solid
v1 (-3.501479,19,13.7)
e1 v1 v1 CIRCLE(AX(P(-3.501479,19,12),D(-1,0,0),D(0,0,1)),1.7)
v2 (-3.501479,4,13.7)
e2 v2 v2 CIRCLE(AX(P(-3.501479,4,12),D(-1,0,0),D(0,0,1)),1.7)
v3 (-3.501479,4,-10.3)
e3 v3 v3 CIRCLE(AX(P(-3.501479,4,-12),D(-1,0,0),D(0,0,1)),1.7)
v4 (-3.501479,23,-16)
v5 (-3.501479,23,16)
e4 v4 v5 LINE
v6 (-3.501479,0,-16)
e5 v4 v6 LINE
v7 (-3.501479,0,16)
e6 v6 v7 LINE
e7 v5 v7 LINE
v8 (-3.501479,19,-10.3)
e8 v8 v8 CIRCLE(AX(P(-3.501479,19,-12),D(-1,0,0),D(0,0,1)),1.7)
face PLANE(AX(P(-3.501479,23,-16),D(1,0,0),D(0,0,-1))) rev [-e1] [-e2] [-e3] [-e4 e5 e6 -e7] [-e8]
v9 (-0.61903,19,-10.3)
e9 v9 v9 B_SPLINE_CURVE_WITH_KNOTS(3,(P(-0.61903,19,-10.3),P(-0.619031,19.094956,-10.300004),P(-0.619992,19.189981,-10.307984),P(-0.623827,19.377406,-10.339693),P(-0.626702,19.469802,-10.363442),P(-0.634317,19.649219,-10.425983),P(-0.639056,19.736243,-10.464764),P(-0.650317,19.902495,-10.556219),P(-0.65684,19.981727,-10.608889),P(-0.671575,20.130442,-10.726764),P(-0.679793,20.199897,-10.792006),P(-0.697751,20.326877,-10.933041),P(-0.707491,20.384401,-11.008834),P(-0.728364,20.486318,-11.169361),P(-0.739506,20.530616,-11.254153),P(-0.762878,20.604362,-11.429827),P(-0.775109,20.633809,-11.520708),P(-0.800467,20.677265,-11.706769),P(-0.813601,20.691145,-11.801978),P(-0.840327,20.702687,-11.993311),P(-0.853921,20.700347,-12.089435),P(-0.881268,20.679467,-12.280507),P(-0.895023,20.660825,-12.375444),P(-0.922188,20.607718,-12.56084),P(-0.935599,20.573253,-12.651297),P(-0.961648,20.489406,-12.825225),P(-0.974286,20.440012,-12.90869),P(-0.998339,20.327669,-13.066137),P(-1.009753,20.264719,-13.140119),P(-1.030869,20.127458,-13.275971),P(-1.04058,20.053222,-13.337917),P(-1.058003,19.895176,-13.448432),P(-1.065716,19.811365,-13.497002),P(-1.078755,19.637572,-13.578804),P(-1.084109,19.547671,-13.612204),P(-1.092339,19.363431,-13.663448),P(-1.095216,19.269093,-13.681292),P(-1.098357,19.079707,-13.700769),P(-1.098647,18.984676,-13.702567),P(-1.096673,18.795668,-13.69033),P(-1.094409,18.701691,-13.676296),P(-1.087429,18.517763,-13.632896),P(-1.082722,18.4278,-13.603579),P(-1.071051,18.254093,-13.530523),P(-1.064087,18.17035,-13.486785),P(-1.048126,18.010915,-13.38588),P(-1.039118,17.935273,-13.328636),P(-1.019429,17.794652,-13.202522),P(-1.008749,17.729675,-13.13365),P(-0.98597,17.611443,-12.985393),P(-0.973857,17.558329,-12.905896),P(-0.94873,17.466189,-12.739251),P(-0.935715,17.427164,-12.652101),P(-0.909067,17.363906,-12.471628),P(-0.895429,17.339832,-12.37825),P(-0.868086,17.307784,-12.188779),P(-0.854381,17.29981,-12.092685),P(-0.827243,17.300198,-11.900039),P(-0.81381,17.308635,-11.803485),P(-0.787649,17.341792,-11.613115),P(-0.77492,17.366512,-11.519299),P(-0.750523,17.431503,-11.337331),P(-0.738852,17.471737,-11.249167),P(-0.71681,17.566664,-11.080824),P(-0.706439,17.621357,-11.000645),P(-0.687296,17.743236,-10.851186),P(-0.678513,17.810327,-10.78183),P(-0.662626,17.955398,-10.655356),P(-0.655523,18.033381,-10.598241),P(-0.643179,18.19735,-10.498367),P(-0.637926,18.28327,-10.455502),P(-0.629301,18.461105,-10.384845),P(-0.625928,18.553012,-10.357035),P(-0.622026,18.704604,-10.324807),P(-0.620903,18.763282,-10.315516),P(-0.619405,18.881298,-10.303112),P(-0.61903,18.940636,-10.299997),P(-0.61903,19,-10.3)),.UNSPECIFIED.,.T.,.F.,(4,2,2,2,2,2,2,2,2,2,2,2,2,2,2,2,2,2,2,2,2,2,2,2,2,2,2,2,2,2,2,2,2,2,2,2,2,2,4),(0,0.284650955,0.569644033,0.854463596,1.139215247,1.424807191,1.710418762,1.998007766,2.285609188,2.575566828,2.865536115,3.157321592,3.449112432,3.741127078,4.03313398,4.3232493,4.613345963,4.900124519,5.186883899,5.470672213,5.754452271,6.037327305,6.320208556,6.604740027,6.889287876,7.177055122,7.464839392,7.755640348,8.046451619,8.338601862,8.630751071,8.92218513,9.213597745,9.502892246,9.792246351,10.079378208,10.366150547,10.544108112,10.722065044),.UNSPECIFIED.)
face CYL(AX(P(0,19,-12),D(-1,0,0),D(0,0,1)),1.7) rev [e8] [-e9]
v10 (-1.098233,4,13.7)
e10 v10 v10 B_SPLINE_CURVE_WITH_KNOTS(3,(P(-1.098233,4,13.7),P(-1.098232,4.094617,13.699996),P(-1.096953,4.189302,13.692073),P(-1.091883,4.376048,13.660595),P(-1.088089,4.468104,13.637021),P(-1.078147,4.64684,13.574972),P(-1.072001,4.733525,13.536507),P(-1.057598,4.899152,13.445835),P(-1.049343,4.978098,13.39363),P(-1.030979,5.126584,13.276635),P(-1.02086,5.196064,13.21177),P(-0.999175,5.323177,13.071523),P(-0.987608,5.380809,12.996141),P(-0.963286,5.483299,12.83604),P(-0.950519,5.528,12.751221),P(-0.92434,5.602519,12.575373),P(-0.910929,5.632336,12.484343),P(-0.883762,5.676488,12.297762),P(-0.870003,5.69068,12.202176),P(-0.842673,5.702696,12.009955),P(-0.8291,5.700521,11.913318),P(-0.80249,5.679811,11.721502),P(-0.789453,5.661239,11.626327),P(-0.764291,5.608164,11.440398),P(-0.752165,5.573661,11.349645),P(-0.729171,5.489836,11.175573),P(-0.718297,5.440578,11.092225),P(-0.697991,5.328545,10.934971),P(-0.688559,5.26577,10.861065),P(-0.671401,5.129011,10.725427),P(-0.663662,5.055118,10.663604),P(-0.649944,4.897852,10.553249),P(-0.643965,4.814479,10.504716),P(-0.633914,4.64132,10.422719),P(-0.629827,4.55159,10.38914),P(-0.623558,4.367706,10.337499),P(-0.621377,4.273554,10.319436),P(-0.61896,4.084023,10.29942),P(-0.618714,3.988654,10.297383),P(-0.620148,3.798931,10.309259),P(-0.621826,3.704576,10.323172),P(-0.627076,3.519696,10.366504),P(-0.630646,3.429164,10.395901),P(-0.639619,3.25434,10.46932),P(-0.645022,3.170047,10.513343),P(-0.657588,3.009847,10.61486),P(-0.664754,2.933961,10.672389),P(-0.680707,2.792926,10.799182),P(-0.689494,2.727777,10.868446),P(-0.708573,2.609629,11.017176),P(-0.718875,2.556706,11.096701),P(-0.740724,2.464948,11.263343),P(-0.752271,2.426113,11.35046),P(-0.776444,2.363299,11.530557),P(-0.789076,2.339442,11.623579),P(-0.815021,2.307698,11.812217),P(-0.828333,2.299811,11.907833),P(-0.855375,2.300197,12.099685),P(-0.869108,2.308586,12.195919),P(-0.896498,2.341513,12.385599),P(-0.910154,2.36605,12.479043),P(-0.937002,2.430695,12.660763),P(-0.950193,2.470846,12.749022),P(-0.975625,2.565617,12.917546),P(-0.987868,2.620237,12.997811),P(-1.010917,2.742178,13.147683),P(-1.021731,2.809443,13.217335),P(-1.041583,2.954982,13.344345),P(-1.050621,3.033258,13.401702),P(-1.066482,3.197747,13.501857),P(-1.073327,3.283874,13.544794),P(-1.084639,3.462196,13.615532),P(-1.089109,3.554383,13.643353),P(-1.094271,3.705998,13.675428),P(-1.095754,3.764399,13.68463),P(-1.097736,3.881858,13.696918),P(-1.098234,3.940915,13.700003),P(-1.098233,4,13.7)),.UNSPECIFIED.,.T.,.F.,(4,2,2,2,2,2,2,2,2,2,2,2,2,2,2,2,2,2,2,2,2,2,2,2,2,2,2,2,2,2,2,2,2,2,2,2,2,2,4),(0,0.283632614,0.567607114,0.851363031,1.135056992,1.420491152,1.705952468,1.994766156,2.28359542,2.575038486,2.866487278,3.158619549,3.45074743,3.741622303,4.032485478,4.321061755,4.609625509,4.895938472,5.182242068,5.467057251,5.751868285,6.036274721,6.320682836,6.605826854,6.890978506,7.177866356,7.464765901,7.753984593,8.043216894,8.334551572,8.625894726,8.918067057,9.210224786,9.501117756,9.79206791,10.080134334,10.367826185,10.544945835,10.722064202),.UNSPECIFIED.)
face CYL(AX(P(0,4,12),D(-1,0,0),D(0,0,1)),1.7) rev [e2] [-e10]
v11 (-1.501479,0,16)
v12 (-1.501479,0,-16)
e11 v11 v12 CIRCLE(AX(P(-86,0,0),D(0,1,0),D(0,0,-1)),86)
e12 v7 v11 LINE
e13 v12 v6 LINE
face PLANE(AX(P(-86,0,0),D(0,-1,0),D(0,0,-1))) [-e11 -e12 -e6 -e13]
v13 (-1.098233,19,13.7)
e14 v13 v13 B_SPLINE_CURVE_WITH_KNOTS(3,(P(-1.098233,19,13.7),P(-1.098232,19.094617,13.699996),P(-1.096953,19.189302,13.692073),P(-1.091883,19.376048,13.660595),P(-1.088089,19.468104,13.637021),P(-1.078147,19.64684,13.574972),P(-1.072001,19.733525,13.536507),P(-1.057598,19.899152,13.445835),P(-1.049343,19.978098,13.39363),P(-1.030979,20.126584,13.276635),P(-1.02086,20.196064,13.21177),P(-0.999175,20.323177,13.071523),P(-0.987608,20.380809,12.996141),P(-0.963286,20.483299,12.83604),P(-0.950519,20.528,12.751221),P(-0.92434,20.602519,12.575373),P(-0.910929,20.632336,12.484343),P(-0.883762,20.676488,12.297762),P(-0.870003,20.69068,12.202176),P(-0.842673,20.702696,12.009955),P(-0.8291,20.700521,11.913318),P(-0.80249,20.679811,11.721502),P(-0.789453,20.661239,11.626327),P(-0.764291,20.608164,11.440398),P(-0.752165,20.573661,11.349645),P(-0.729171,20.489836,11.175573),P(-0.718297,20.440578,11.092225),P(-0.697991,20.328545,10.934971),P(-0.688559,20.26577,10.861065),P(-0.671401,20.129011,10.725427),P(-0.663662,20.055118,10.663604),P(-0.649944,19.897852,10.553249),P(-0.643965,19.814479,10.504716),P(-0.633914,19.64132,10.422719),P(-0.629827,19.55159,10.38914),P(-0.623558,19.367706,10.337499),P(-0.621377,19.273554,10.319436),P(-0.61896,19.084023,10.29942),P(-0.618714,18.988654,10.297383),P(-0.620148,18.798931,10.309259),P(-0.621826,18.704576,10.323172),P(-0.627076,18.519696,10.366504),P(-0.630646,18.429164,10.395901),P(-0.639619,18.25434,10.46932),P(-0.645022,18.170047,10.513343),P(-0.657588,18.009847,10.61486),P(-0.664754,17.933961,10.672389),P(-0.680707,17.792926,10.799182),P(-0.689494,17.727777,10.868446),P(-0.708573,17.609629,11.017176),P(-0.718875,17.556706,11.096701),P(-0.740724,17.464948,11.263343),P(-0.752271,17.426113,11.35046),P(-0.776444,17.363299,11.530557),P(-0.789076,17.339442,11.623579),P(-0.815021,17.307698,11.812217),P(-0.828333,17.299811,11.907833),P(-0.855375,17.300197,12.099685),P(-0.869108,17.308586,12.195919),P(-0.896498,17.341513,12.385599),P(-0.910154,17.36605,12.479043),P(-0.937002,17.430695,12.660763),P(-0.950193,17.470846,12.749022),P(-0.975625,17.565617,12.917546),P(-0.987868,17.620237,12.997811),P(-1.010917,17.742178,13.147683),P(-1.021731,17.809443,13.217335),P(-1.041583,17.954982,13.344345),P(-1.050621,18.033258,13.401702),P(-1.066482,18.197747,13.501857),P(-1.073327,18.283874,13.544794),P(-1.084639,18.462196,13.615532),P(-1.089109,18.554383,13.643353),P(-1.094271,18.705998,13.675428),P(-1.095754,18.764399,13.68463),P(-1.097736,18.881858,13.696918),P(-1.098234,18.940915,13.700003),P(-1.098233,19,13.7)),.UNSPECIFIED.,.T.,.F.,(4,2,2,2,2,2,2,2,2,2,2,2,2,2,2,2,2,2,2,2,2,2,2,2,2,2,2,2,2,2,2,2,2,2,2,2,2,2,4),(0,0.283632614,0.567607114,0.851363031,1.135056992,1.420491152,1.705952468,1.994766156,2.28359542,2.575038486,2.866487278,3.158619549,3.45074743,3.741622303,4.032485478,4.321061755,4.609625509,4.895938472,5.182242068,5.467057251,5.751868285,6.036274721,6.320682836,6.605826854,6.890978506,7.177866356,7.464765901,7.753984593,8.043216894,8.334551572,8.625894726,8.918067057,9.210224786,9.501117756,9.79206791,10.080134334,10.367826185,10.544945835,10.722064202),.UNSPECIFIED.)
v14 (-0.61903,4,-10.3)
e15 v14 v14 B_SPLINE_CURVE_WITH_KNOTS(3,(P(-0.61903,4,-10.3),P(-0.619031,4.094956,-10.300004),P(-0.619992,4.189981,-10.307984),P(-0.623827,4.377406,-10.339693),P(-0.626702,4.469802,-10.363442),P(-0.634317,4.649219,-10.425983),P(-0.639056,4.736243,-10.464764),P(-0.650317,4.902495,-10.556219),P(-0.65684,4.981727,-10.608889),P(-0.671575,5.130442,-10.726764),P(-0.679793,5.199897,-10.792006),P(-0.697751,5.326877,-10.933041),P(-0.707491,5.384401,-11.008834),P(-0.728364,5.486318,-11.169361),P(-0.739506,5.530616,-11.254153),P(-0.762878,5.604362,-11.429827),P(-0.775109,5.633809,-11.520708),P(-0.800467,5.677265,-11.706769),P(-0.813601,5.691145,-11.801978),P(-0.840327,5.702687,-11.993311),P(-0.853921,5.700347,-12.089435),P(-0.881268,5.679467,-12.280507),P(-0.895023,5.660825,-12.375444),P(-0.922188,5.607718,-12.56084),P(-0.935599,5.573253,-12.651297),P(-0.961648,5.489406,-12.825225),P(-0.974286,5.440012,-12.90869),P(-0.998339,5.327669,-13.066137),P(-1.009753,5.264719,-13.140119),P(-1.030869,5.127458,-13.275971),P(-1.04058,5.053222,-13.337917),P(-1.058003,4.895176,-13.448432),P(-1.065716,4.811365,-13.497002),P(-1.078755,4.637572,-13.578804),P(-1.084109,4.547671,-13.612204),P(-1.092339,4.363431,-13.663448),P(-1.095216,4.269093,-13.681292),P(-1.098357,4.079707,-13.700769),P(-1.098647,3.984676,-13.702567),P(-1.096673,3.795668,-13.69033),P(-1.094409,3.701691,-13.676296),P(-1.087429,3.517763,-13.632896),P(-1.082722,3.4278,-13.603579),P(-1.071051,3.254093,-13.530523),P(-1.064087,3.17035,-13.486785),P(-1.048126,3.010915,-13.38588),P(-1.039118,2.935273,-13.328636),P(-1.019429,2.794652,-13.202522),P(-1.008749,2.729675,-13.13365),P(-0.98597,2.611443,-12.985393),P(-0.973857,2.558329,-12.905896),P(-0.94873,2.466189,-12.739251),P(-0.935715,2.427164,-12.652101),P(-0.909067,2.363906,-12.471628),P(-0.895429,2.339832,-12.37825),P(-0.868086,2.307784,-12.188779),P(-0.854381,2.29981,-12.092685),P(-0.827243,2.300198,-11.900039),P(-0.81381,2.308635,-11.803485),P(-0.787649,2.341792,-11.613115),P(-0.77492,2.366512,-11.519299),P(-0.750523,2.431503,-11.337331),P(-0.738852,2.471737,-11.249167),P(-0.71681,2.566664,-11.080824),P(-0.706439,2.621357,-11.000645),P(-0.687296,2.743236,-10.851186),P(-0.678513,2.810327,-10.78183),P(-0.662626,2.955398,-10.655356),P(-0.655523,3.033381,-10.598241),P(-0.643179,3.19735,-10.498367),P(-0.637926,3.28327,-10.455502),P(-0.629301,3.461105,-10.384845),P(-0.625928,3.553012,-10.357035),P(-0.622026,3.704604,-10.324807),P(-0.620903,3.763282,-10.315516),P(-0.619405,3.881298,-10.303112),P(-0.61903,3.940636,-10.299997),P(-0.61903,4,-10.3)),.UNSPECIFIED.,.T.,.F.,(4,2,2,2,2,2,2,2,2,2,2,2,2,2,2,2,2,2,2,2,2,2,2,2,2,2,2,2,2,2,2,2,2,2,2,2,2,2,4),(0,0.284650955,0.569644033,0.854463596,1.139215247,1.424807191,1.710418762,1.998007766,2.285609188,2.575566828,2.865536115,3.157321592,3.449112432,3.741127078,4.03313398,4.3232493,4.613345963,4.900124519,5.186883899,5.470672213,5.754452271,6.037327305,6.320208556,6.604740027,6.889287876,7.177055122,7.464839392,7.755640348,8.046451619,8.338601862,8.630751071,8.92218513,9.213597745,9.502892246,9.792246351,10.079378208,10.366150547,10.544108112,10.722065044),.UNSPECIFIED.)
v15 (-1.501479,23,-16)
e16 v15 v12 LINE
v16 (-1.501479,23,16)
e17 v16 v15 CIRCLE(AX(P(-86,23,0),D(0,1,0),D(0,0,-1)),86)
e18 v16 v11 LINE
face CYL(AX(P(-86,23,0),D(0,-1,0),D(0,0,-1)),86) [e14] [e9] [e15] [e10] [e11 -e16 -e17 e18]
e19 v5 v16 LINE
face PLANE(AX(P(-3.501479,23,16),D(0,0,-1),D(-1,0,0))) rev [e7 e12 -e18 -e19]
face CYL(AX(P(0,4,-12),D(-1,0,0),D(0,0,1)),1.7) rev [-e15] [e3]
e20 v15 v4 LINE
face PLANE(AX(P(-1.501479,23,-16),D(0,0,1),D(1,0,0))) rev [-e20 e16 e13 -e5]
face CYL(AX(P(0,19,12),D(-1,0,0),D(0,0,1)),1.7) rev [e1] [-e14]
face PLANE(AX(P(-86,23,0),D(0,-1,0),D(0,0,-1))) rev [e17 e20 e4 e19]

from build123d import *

# Parameters (mm, degrees)
EXTRUDE_1_DEPTH     = 23
CUT_EXTRUDE_1_DEPTH = 29.235799215


with BuildPart() as part:
    # Эскиз1 → Бобышка-Вытянуть1 (new body)
    with BuildSketch(Plane(origin=(0, 0, 0), x_dir=(1, 0, 0), z_dir=(0, 1, 0))):
        with BuildLine():
            Line((-1.501479303, 16), (-3.501479303, 16))
            Line((-3.501479303, 16), (-3.501479303, -16))
            Line((-3.501479303, -16), (-1.501479303, -16))
            ThreePointArc((-1.501479303, -16), (0, 0), (-1.501479303, 16))
        make_face()
    extrude(amount=EXTRUDE_1_DEPTH)

    # Эскиз2 → Вырез-Вытянуть1 (cut, through all)
    with BuildSketch(Plane.ZY.offset(3.501479303)):
        with BuildLine():
            ThreePointArc((-10.3, 4), (-10.797918472, 5.202081528), (-12, 5.7))
            Line((-12, 5.7), (-12, 4))
            Line((-12, 4), (-10.3, 4))
        make_face()
        with BuildLine():
            Line((-12, 4), (-12, 5.7))
            ThreePointArc((-12, 5.7), (-13.202081528, 2.797918472), (-10.3, 4))
            Line((-10.3, 4), (-12, 4))
        make_face()
        with BuildLine():
            Line((-12, 17.3), (-12, 19))
            Line((-12, 19), (-10.3, 19))
            ThreePointArc((-10.3, 19), (-13.202081528, 20.202081528), (-12, 17.3))
        make_face()
        with BuildLine():
            Line((-10.3, 19), (-12, 19))
            Line((-12, 19), (-12, 17.3))
            ThreePointArc((-12, 17.3), (-10.797918472, 17.797918472), (-10.3, 19))
        make_face()
        with BuildLine():
            ThreePointArc((13.7, 19), (12, 20.7), (10.3, 19))
            Line((10.3, 19), (12, 19))
            Line((12, 19), (12, 17.3))
            ThreePointArc((12, 17.3), (13.202081528, 17.797918472), (13.7, 19))
        make_face()
        with BuildLine():
            Line((12, 19), (10.3, 19))
            ThreePointArc((10.3, 19), (10.797918472, 17.797918472), (12, 17.3))
            Line((12, 17.3), (12, 19))
        make_face()
        with BuildLine():
            ThreePointArc((13.7, 4), (13.202081528, 5.202081528), (12, 5.7))
            Line((12, 5.7), (12, 4))
            Line((12, 4), (10.3, 4))
            ThreePointArc((10.3, 4), (12, 2.3), (13.7, 4))
        make_face()
        with BuildLine():
            Line((12, 4), (12, 5.7))
            ThreePointArc((12, 5.7), (10.797918472, 5.202081528), (10.3, 4))
            Line((10.3, 4), (12, 4))
        make_face()
    extrude(amount=-CUT_EXTRUDE_1_DEPTH, mode=Mode.SUBTRACT)


solid = part.part
